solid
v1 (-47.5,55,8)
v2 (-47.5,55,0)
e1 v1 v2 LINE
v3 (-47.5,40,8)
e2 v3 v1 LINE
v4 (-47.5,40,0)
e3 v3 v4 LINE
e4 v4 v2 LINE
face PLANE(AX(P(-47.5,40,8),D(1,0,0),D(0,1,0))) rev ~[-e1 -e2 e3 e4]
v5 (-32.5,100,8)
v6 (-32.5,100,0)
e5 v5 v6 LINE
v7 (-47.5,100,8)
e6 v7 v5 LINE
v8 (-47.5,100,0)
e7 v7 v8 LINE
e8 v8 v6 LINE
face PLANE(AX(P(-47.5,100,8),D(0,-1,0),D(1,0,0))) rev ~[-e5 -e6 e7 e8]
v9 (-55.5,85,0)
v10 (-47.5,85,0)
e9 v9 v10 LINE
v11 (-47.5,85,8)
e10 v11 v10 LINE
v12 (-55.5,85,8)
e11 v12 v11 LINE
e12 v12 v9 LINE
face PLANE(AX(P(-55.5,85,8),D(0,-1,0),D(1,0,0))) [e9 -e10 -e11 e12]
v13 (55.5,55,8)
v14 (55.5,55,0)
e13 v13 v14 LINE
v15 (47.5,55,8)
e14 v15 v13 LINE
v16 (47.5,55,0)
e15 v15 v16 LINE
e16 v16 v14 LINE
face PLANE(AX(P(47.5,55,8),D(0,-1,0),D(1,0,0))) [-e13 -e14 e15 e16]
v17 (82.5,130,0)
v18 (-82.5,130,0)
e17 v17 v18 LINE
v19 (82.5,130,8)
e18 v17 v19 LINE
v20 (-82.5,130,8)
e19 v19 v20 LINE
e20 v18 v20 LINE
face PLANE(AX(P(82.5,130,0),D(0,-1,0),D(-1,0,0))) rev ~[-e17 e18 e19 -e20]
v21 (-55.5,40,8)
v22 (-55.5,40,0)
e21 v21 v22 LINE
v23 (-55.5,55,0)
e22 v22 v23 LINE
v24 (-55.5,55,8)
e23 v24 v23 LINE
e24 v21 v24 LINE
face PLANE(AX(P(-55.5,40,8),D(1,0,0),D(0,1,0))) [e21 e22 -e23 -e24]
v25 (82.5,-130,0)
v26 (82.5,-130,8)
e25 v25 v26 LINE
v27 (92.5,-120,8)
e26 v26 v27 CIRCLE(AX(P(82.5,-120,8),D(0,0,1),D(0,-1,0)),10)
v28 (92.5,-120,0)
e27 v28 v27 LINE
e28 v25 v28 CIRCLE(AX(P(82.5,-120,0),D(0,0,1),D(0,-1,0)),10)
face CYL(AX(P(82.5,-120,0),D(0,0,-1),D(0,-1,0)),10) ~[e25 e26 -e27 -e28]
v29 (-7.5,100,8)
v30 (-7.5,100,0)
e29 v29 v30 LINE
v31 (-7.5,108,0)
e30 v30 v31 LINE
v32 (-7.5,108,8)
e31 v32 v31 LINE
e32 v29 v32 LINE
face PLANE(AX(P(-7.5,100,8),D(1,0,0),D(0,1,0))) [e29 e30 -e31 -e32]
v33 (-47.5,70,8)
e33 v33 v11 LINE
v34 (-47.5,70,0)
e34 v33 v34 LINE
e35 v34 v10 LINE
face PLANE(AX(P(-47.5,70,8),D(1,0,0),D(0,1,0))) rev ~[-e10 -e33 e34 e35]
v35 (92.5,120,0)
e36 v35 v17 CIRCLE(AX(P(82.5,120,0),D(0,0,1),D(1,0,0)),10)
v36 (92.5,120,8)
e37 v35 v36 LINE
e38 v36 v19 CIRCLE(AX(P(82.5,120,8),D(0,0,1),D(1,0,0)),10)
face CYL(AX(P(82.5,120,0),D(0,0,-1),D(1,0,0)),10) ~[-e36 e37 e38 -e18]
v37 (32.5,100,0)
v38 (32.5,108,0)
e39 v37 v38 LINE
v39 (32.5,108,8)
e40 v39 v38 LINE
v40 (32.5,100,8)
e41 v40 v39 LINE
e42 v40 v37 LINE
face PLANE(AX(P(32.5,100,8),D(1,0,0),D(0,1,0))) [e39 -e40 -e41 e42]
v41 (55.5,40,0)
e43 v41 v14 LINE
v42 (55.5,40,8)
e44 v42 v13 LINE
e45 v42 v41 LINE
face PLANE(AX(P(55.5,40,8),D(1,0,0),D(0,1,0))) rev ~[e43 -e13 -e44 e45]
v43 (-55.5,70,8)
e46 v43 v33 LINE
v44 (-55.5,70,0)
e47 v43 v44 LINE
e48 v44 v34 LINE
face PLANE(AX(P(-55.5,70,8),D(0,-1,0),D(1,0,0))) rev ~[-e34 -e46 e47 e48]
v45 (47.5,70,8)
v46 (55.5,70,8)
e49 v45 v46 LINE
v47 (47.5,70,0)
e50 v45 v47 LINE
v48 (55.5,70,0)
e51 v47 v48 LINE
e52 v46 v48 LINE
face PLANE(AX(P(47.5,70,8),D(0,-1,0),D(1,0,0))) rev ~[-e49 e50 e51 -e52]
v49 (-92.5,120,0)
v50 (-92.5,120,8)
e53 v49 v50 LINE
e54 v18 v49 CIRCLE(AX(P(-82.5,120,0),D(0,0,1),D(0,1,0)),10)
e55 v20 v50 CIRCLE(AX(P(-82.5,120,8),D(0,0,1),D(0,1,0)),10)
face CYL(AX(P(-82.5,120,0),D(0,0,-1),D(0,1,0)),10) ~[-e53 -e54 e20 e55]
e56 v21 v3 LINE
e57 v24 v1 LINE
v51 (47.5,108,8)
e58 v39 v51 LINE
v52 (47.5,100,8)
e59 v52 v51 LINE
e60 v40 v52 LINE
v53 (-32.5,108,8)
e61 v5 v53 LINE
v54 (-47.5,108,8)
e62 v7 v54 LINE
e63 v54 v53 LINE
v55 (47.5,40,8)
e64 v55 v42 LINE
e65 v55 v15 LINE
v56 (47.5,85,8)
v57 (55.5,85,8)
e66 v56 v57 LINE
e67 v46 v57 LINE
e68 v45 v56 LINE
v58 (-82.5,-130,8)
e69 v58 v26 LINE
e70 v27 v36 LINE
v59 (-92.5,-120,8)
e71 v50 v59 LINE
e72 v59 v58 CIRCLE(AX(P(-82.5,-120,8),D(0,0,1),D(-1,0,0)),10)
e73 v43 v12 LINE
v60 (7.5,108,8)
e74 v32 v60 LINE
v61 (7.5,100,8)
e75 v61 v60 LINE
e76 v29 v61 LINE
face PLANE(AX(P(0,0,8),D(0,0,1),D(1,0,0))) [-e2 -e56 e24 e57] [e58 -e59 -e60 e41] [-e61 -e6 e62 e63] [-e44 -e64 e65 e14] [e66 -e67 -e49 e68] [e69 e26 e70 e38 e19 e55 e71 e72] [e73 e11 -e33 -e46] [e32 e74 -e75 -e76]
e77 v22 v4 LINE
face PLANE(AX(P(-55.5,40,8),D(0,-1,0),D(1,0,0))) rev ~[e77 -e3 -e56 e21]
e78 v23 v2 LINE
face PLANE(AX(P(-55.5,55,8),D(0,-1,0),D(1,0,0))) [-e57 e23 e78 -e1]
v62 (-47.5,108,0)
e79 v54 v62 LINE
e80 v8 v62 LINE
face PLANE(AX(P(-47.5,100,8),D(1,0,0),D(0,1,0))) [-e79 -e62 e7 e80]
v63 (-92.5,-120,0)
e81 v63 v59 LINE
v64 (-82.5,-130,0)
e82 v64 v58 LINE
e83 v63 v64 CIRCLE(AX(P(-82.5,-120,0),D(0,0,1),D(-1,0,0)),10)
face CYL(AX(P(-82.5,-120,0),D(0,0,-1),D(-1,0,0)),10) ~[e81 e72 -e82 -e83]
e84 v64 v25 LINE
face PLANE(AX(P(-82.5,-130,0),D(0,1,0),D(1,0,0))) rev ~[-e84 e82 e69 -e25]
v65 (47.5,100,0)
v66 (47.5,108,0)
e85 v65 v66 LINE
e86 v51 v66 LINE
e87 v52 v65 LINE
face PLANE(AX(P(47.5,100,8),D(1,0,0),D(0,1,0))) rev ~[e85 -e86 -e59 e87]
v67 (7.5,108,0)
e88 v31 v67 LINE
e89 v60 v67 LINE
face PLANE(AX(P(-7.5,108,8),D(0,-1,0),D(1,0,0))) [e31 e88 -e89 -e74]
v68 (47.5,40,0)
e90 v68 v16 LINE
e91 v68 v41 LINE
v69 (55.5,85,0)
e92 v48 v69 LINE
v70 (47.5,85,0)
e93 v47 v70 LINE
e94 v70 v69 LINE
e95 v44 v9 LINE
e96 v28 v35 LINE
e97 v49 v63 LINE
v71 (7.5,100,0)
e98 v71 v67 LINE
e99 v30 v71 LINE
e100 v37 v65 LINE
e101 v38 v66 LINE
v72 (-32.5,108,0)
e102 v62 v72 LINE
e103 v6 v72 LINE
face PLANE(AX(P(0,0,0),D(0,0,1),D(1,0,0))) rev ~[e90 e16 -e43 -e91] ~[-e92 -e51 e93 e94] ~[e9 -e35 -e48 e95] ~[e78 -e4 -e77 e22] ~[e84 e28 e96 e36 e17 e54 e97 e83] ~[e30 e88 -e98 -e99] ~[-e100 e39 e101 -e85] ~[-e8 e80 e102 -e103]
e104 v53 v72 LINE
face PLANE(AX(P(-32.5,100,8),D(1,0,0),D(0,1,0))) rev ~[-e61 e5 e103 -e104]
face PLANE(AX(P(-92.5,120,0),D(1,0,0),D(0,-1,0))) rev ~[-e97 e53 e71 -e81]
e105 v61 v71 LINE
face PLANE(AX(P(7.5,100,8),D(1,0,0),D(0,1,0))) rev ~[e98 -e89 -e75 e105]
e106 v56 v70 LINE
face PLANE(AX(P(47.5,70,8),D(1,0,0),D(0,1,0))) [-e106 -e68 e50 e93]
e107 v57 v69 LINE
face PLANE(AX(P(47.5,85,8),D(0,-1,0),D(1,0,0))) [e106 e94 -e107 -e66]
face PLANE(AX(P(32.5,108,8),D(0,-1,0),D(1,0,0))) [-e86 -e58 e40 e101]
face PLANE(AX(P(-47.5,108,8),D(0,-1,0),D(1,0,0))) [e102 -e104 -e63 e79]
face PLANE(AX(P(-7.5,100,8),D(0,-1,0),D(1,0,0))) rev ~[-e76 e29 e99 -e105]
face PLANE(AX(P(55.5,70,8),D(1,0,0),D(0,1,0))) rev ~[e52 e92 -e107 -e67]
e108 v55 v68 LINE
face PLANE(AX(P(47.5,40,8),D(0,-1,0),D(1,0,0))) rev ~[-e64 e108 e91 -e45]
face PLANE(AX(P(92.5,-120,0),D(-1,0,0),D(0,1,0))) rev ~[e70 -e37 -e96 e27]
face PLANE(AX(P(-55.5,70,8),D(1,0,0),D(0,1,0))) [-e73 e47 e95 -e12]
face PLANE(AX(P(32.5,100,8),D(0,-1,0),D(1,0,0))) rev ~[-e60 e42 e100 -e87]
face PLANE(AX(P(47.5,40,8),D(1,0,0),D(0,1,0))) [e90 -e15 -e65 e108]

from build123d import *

# Parameters (mm, degrees)
BOSS_EXTRUDE1_DEPTH = 8
SKETCH2_W           = 15
SKETCH2_H           = 8
SKETCH2_W_2         = 8
SKETCH2_H_2         = 15
CUT_EXTRUDE1_DEPTH  = 160.750586853


with BuildPart() as part:
    # Sketch1 → Boss-Extrude1 (new body)
    with BuildSketch(Plane.XY):
        with BuildLine():
            Line((-82.5, -130), (82.5, -130))
            ThreePointArc((82.5, -130), (89.571067812, -127.071067812), (92.5, -120))
            Line((92.5, -120), (92.5, 120))
            ThreePointArc((92.5, 120), (89.571067812, 127.071067812), (82.5, 130))
            Line((82.5, 130), (-82.5, 130))
            ThreePointArc((-82.5, 130), (-89.571067812, 127.071067812), (-92.5, 120))
            Line((-92.5, 120), (-92.5, -120))
            ThreePointArc((-92.5, -120), (-89.571067812, -127.071067812), (-82.5, -130))
        make_face()
    extrude(amount=BOSS_EXTRUDE1_DEPTH)

    # Sketch2 → Cut-Extrude1 (cut, through all)
    with BuildSketch(Plane.XY.offset(8)):
        with Locations((0, 104)):
            Rectangle(SKETCH2_W, SKETCH2_H)
        with Locations((-40, 104)):
            Rectangle(SKETCH2_W, SKETCH2_H)
        with Locations((40, 104)):
            Rectangle(SKETCH2_W, SKETCH2_H)
        with Locations((-51.5, 47.5)):
            Rectangle(SKETCH2_W_2, SKETCH2_H_2)
        with Locations((-51.5, 77.5)):
            Rectangle(SKETCH2_W_2, SKETCH2_H_2)
        with Locations((51.5, 47.5)):
            Rectangle(SKETCH2_W_2, SKETCH2_H_2)
        with Locations((51.5, 77.5)):
            Rectangle(SKETCH2_W_2, SKETCH2_H_2)
    extrude(amount=-CUT_EXTRUDE1_DEPTH, mode=Mode.SUBTRACT)


solid = part.part
